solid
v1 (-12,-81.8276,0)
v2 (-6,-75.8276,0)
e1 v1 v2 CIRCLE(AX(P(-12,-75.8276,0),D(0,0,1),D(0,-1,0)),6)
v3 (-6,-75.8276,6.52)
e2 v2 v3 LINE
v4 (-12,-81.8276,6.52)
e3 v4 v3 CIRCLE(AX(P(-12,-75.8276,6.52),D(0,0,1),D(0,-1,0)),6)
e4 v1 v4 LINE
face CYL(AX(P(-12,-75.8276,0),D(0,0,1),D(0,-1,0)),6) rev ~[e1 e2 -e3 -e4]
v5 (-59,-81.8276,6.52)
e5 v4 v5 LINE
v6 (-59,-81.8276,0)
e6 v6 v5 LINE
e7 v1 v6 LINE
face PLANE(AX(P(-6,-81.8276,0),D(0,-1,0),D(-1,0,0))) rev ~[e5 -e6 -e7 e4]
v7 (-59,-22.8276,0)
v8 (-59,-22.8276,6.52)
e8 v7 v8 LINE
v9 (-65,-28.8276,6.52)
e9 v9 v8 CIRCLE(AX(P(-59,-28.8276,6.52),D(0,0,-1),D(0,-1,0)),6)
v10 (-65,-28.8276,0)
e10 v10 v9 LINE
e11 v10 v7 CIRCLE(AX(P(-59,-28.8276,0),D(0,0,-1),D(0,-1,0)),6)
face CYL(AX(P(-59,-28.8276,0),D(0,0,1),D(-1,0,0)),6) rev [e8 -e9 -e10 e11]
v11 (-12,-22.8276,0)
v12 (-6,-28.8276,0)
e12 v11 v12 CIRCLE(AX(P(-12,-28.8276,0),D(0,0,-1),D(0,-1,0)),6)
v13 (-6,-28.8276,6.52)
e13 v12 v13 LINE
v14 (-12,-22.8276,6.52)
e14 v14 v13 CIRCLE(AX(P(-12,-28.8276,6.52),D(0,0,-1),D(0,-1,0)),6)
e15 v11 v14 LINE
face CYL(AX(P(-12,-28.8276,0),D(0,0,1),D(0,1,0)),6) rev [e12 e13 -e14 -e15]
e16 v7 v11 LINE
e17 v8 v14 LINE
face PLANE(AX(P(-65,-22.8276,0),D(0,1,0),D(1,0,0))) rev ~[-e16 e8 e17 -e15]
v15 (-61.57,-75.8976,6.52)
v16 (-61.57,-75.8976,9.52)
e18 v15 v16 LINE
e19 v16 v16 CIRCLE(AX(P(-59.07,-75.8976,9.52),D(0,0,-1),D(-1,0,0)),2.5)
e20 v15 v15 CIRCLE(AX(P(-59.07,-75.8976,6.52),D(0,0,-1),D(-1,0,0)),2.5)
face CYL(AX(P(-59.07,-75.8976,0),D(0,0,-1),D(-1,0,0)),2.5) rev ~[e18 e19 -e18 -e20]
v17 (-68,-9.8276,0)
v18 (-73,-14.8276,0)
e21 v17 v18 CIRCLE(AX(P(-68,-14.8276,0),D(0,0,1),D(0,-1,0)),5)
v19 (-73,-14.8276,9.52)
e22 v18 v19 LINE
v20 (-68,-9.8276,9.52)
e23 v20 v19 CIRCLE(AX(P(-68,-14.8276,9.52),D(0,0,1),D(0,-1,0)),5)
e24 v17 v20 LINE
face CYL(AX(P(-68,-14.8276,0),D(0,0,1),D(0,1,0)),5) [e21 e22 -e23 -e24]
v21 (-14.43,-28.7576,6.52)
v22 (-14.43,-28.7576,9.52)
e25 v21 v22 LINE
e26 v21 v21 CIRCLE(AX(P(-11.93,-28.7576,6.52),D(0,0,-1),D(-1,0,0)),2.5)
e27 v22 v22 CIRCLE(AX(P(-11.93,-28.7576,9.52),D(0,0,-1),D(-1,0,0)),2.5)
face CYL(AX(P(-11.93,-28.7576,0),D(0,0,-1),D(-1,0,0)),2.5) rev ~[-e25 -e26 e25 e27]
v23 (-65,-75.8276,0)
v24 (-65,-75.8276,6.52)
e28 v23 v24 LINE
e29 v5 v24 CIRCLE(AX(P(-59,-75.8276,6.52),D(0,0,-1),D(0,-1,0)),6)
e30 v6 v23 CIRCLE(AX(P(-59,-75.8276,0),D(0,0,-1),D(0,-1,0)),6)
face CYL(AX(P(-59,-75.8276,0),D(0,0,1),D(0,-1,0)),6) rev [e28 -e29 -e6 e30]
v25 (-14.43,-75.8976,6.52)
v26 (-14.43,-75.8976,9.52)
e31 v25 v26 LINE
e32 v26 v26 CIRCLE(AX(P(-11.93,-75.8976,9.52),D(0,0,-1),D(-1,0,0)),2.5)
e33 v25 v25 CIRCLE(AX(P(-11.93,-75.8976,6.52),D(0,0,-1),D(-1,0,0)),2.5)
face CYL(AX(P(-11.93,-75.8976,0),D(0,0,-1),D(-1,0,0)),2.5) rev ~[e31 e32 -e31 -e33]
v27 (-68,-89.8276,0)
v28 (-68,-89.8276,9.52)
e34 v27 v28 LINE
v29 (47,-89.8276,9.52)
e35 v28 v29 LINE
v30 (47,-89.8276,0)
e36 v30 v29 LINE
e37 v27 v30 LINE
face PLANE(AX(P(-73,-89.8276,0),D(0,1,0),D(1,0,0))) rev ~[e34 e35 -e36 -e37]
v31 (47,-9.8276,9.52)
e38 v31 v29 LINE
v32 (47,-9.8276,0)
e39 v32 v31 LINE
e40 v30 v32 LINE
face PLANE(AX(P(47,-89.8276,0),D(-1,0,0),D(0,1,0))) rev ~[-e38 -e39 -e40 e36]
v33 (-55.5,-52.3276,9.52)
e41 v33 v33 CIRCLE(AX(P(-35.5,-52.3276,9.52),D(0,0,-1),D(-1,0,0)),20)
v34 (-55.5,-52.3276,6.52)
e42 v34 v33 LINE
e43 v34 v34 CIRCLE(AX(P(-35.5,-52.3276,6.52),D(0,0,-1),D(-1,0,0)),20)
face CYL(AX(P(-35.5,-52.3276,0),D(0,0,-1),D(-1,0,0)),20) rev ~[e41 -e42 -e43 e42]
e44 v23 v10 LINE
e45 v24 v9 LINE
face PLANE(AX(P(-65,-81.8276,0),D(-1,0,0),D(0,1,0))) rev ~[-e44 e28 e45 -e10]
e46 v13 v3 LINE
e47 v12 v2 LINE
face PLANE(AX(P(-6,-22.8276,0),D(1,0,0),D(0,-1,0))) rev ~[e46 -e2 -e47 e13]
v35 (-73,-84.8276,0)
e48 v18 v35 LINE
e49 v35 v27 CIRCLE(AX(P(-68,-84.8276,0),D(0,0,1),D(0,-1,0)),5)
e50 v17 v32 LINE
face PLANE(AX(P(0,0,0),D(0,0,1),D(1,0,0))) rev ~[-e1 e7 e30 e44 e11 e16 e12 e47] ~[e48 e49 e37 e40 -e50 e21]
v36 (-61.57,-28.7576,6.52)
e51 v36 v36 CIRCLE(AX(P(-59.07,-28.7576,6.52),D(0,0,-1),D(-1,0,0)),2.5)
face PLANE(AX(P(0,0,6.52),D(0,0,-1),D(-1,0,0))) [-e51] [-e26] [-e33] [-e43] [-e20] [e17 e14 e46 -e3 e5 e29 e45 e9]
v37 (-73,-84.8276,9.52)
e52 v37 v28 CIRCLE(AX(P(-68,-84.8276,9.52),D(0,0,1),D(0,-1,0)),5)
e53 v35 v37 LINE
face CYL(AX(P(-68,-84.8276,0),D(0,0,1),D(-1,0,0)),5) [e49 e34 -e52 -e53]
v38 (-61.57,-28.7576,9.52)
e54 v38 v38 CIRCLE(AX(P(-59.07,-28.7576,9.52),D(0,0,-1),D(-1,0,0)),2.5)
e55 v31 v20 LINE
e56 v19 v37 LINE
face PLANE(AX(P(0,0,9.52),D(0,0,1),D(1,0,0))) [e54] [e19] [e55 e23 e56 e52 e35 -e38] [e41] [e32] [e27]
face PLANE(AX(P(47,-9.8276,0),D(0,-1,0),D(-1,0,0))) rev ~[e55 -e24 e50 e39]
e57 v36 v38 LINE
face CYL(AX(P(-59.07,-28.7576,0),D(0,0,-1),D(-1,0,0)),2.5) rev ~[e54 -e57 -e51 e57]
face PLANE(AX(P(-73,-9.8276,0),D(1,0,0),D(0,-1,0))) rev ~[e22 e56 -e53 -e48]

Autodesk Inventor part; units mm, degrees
ref_plane "YZ Plane" through (0, 0, 0) normal (1, 0, 0) x (0, 1, 0)
ref_plane "XZ Plane" through (0, 0, 0) normal (0, 1, 0) x (-1, 0, 0)
ref_plane "XY Plane" through (0, 0, 0) normal (0, 0, 1) x (1, 0, 0)
sketch "Esboço1" plane through (0, 0, 0) normal (0, 0, 1) x (1, 0, 0)
  line L0 (-33, -50) -> (-33, 950) projected
  line L1 (47, -50) -> (47, 950) projected
  line L2 (-73, -89.8276) -> (47, -89.8276)
  line L3 (47, -9.8276) -> (-73, -9.8276)
  line L4 (-73, -9.8276) -> (-73, -89.8276)
  line L5 (47, -89.8276) -> (47, -9.8276)
  point P0 (0, 0)
  dimension "d0" = 120
  dimension "d1" = 120
  dimension "d2" = 80
extrude "Extrusão1" add sketch "Esboço1" along normal blind 9.52
sketch "Esboço9" plane through (0, 0, 0) normal (0, 0, -1) x (-1, 0, 0)
  line L0 (65, -22.8276) -> (6, -22.8276)
  line L1 (6, -22.8276) -> (6, -81.8276)
  line L2 (6, -81.8276) -> (65, -81.8276)
  line L3 (65, -81.8276) -> (65, -22.8276)
  line L4 (65, -22.8276) -> (6, -81.8276) construction
  line L5 (6, -22.8276) -> (65, -81.8276) construction
  line L6 (65, -52.3276) -> (6, -52.3276) construction
  line L7 (35.5, -22.8276) -> (35.5, -81.8276) construction
  circle A0 centre (59.07, -28.7576) radius 2.5
  circle A1 centre (59.07, -75.8976) radius 2.5
  circle A2 centre (11.93, -28.7576) radius 2.5
  circle A3 centre (11.93, -75.8976) radius 2.5
  line L8 (73, -9.8276) -> (73, -89.8276) projected
  line L9 (73, -89.8276) -> (-47, -89.8276) projected
  circle A4 centre (35.5, -52.3276) radius 20
  point P0 (0, 0)
  dimension "d72" = 59
  dimension "d73" = 59
  dimension "d74" = 5
  dimension "d75" = 5
  dimension "d76" = 5
  dimension "d77" = 5
  dimension "d78" = 23.57
  dimension "d79" = 23.57
  dimension "d80" = 23.57
  dimension "d81" = 23.57
  dimension "d82" = 23.57
  dimension "d83" = 23.57
  dimension "d84" = 23.57
  dimension "d85" = 23.57
  dimension "d86" = 8
  dimension "d87" = 8
  dimension "d88" = 40
extrude "Extrusão6" cut sketch "Esboço9" against normal blind 6.52
sketch "Esboço10" plane through (-35.5, -52.3276, 0) normal (0, 0, -1) x (-1, 0, 0)
  circle A0 centre (0, 0) radius 20 projected
  circle A1 centre (0, 0) radius 20
  circle A2 centre (23.57, -23.57) radius 2.5 projected
  circle A3 centre (23.57, -23.57) radius 2.5
  circle A4 centre (23.57, 23.57) radius 2.5 projected
  circle A5 centre (23.57, 23.57) radius 2.5
  circle A6 centre (-23.57, 23.57) radius 2.5 projected
  circle A7 centre (-23.57, 23.57) radius 2.5
  circle A8 centre (-23.57, -23.57) radius 2.5 projected
  circle A9 centre (-23.57, -23.57) radius 2.5
  point P0 (-35.5, 52.3276)
extrude "Extrusão7" cut sketch "Esboço10" against normal through all
fillet "Arredondamento1" radius 6 4 edges at (-65, -22.8276, 3.26) (-65, -81.8276, 3.26) (-6, -22.8276, 3.26) (-6, -81.8276, 3.26)
fillet "Arredondamento2" radius 5 2 edges at (-73, -9.8276, 4.76) (-73, -89.8276, 4.76)
equation "\"d0\" = d1"
equation "\"d79\" = d78"
equation "\"d80\" = d78"
equation "\"d81\" = d78"
equation "\"d82\" = d78"
equation "\"d83\" = d78"
equation "\"d84\" = d78"
equation "\"d85\" = d78"
properties part number "SUPORTE_MOTOR_EIXO_Y_1"
